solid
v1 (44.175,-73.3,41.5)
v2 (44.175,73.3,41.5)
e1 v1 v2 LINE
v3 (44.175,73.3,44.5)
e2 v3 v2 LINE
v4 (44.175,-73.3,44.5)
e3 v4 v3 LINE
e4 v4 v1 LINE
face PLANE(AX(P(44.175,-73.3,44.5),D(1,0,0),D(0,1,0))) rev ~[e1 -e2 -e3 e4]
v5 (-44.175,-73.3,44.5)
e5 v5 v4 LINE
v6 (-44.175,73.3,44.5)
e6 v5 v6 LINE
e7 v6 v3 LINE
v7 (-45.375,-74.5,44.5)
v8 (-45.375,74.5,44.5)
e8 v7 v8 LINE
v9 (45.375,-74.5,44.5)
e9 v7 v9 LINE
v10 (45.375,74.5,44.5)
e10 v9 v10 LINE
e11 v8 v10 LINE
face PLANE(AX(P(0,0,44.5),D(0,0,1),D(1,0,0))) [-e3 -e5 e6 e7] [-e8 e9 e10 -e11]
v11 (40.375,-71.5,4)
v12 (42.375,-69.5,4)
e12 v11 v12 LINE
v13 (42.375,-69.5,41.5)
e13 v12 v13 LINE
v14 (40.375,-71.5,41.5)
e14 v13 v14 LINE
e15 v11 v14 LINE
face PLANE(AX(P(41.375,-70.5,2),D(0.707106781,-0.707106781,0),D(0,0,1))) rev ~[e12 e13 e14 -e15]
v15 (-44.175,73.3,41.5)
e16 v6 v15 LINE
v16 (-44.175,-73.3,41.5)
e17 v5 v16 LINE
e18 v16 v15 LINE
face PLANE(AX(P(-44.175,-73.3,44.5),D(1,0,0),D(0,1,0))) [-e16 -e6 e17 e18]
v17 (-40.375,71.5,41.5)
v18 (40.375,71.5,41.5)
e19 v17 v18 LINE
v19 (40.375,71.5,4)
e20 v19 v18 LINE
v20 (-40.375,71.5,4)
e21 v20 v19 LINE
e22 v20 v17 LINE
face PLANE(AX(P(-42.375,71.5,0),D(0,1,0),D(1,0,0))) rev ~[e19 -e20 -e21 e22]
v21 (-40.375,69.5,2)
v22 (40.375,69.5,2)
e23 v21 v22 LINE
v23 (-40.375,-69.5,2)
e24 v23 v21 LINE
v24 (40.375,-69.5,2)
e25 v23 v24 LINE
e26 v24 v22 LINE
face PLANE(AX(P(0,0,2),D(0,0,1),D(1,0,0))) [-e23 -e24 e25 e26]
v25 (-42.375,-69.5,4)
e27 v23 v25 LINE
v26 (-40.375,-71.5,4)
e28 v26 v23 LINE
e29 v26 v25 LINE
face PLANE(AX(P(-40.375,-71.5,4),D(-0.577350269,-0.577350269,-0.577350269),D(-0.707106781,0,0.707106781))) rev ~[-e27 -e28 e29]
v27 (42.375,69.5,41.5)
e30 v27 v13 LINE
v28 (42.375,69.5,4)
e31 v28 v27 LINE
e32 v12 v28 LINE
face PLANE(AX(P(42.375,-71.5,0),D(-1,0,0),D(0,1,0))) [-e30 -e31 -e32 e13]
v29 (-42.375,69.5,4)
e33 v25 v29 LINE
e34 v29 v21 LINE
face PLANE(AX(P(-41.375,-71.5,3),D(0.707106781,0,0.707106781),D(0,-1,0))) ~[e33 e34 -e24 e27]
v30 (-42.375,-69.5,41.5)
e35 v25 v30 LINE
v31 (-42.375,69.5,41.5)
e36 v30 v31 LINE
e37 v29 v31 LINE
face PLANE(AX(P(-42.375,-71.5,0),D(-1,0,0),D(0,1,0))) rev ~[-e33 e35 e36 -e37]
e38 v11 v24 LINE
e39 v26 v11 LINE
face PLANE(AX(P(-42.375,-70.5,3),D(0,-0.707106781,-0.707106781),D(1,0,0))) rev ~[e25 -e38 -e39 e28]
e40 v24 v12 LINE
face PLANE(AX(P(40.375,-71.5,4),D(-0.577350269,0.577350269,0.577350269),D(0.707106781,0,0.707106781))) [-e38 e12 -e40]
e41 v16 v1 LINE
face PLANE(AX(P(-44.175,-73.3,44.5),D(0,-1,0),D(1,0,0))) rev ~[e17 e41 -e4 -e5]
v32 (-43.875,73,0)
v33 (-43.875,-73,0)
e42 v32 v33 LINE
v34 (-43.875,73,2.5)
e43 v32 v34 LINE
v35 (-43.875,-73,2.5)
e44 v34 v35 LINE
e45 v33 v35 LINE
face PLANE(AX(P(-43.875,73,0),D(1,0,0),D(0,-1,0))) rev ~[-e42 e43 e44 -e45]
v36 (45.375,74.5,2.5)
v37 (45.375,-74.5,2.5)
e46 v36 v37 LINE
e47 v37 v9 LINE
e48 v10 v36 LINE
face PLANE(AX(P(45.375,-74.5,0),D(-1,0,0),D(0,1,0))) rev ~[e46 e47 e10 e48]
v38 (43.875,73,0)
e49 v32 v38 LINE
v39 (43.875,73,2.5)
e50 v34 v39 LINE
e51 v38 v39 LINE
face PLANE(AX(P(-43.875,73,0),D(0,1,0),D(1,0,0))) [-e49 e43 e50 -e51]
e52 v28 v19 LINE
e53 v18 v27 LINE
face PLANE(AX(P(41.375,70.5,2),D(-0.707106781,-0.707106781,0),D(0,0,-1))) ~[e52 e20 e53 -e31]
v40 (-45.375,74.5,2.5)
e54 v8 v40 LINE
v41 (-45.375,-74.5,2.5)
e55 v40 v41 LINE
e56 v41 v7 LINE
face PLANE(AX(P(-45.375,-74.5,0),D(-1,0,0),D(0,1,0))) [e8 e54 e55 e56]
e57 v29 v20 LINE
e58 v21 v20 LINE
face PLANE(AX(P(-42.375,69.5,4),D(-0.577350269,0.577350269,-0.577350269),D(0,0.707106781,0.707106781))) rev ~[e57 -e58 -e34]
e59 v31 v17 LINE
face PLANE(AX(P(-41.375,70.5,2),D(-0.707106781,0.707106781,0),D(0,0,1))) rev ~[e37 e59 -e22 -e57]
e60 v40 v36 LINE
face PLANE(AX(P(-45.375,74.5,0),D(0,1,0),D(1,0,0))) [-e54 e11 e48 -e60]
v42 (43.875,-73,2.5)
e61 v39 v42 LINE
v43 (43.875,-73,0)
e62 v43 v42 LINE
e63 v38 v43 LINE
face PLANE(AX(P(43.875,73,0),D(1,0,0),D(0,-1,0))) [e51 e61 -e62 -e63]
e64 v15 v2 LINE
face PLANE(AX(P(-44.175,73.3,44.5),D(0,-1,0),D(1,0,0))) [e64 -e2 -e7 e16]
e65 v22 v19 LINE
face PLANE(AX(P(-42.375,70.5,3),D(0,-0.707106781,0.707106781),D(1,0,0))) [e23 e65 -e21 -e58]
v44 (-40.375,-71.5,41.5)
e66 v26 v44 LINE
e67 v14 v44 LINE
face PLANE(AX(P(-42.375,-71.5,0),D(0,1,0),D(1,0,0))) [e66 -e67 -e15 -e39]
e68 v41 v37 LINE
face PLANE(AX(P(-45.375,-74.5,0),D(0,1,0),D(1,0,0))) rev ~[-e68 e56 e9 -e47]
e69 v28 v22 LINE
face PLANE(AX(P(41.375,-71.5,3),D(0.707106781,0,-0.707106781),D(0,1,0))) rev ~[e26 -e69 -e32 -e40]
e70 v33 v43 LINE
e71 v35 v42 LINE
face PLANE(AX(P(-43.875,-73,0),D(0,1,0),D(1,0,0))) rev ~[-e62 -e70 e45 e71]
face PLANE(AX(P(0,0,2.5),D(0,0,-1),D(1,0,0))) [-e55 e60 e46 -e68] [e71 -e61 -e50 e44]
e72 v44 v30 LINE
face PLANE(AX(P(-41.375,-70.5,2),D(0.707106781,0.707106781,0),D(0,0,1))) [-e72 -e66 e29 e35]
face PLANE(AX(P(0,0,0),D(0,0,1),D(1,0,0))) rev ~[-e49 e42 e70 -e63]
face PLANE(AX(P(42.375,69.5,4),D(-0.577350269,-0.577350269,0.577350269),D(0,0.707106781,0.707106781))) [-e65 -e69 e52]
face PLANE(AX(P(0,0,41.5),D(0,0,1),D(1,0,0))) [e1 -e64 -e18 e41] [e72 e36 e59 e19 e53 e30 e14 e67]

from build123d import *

# Parameters (mm, degrees)
F1_W     = 90.75
F1_H     = 149
F1_W_2   = 84.75
F1_H_2   = 143
F2_DEPTH = 44.5
F3_DEPTH = 2
F4_SIZE  = 2
F5_W     = 88.35
F5_H     = 146.6
F6_DEPTH = 3
F7_W     = 90.75
F7_H     = 149
F7_W_2   = 87.75
F7_H_2   = 146
F8_DEPTH = 2.5


with BuildPart() as f2:
    # F1 (on Top) → F2 (new body)
    with BuildSketch(Plane.XY):
        Rectangle(F1_W, F1_H)
        Rectangle(F1_W_2, F1_H_2, mode=Mode.SUBTRACT)
    extrude(amount=F2_DEPTH)

    # F1 (on Top) → F3 (join)
    with BuildSketch(Plane.XY):
        Rectangle(F1_W, F1_H)
        Rectangle(F1_W_2, F1_H_2, mode=Mode.SUBTRACT)
        Rectangle(F1_W_2, F1_H_2)
    extrude(amount=F3_DEPTH)

    # F4
    f4_edges = [f2.edges().sort_by_distance(p)[0] for p in [
        (0, 71.5, 2),
        (42.375, 0, 2),
        (-42.375, 0, 2),
        (0, -71.5, 2),
        (42.375, -71.5, 23.25),
        (42.375, 71.5, 23.25),
        (-42.375, 71.5, 23.25),
        (-42.375, -71.5, 23.25),
    ]]
    chamfer(f4_edges, length=F4_SIZE)

    # F5 (on face) → F6 (cut)
    with BuildSketch(Plane.XY.offset(44.5)):
        Rectangle(F5_W, F5_H)
        Polygon((-40.375, -71.5), (-42.375, -69.5), (-42.375, 69.5), (-40.375, 71.5), (40.375, 71.5), (42.375, 69.5), (42.375, -69.5), (40.375, -71.5), align=None, mode=Mode.SUBTRACT)
    extrude(amount=-F6_DEPTH, mode=Mode.SUBTRACT)

    # F7 (on face) → F8 (cut)
    with BuildSketch(Plane(origin=(0, 0, 0), x_dir=(1, 0, 0), z_dir=(0, 0, -1))):
        Rectangle(F7_W, F7_H)
        Rectangle(F7_W_2, F7_H_2, mode=Mode.SUBTRACT)
    extrude(amount=-F8_DEPTH, mode=Mode.SUBTRACT)


solid = f2.part
